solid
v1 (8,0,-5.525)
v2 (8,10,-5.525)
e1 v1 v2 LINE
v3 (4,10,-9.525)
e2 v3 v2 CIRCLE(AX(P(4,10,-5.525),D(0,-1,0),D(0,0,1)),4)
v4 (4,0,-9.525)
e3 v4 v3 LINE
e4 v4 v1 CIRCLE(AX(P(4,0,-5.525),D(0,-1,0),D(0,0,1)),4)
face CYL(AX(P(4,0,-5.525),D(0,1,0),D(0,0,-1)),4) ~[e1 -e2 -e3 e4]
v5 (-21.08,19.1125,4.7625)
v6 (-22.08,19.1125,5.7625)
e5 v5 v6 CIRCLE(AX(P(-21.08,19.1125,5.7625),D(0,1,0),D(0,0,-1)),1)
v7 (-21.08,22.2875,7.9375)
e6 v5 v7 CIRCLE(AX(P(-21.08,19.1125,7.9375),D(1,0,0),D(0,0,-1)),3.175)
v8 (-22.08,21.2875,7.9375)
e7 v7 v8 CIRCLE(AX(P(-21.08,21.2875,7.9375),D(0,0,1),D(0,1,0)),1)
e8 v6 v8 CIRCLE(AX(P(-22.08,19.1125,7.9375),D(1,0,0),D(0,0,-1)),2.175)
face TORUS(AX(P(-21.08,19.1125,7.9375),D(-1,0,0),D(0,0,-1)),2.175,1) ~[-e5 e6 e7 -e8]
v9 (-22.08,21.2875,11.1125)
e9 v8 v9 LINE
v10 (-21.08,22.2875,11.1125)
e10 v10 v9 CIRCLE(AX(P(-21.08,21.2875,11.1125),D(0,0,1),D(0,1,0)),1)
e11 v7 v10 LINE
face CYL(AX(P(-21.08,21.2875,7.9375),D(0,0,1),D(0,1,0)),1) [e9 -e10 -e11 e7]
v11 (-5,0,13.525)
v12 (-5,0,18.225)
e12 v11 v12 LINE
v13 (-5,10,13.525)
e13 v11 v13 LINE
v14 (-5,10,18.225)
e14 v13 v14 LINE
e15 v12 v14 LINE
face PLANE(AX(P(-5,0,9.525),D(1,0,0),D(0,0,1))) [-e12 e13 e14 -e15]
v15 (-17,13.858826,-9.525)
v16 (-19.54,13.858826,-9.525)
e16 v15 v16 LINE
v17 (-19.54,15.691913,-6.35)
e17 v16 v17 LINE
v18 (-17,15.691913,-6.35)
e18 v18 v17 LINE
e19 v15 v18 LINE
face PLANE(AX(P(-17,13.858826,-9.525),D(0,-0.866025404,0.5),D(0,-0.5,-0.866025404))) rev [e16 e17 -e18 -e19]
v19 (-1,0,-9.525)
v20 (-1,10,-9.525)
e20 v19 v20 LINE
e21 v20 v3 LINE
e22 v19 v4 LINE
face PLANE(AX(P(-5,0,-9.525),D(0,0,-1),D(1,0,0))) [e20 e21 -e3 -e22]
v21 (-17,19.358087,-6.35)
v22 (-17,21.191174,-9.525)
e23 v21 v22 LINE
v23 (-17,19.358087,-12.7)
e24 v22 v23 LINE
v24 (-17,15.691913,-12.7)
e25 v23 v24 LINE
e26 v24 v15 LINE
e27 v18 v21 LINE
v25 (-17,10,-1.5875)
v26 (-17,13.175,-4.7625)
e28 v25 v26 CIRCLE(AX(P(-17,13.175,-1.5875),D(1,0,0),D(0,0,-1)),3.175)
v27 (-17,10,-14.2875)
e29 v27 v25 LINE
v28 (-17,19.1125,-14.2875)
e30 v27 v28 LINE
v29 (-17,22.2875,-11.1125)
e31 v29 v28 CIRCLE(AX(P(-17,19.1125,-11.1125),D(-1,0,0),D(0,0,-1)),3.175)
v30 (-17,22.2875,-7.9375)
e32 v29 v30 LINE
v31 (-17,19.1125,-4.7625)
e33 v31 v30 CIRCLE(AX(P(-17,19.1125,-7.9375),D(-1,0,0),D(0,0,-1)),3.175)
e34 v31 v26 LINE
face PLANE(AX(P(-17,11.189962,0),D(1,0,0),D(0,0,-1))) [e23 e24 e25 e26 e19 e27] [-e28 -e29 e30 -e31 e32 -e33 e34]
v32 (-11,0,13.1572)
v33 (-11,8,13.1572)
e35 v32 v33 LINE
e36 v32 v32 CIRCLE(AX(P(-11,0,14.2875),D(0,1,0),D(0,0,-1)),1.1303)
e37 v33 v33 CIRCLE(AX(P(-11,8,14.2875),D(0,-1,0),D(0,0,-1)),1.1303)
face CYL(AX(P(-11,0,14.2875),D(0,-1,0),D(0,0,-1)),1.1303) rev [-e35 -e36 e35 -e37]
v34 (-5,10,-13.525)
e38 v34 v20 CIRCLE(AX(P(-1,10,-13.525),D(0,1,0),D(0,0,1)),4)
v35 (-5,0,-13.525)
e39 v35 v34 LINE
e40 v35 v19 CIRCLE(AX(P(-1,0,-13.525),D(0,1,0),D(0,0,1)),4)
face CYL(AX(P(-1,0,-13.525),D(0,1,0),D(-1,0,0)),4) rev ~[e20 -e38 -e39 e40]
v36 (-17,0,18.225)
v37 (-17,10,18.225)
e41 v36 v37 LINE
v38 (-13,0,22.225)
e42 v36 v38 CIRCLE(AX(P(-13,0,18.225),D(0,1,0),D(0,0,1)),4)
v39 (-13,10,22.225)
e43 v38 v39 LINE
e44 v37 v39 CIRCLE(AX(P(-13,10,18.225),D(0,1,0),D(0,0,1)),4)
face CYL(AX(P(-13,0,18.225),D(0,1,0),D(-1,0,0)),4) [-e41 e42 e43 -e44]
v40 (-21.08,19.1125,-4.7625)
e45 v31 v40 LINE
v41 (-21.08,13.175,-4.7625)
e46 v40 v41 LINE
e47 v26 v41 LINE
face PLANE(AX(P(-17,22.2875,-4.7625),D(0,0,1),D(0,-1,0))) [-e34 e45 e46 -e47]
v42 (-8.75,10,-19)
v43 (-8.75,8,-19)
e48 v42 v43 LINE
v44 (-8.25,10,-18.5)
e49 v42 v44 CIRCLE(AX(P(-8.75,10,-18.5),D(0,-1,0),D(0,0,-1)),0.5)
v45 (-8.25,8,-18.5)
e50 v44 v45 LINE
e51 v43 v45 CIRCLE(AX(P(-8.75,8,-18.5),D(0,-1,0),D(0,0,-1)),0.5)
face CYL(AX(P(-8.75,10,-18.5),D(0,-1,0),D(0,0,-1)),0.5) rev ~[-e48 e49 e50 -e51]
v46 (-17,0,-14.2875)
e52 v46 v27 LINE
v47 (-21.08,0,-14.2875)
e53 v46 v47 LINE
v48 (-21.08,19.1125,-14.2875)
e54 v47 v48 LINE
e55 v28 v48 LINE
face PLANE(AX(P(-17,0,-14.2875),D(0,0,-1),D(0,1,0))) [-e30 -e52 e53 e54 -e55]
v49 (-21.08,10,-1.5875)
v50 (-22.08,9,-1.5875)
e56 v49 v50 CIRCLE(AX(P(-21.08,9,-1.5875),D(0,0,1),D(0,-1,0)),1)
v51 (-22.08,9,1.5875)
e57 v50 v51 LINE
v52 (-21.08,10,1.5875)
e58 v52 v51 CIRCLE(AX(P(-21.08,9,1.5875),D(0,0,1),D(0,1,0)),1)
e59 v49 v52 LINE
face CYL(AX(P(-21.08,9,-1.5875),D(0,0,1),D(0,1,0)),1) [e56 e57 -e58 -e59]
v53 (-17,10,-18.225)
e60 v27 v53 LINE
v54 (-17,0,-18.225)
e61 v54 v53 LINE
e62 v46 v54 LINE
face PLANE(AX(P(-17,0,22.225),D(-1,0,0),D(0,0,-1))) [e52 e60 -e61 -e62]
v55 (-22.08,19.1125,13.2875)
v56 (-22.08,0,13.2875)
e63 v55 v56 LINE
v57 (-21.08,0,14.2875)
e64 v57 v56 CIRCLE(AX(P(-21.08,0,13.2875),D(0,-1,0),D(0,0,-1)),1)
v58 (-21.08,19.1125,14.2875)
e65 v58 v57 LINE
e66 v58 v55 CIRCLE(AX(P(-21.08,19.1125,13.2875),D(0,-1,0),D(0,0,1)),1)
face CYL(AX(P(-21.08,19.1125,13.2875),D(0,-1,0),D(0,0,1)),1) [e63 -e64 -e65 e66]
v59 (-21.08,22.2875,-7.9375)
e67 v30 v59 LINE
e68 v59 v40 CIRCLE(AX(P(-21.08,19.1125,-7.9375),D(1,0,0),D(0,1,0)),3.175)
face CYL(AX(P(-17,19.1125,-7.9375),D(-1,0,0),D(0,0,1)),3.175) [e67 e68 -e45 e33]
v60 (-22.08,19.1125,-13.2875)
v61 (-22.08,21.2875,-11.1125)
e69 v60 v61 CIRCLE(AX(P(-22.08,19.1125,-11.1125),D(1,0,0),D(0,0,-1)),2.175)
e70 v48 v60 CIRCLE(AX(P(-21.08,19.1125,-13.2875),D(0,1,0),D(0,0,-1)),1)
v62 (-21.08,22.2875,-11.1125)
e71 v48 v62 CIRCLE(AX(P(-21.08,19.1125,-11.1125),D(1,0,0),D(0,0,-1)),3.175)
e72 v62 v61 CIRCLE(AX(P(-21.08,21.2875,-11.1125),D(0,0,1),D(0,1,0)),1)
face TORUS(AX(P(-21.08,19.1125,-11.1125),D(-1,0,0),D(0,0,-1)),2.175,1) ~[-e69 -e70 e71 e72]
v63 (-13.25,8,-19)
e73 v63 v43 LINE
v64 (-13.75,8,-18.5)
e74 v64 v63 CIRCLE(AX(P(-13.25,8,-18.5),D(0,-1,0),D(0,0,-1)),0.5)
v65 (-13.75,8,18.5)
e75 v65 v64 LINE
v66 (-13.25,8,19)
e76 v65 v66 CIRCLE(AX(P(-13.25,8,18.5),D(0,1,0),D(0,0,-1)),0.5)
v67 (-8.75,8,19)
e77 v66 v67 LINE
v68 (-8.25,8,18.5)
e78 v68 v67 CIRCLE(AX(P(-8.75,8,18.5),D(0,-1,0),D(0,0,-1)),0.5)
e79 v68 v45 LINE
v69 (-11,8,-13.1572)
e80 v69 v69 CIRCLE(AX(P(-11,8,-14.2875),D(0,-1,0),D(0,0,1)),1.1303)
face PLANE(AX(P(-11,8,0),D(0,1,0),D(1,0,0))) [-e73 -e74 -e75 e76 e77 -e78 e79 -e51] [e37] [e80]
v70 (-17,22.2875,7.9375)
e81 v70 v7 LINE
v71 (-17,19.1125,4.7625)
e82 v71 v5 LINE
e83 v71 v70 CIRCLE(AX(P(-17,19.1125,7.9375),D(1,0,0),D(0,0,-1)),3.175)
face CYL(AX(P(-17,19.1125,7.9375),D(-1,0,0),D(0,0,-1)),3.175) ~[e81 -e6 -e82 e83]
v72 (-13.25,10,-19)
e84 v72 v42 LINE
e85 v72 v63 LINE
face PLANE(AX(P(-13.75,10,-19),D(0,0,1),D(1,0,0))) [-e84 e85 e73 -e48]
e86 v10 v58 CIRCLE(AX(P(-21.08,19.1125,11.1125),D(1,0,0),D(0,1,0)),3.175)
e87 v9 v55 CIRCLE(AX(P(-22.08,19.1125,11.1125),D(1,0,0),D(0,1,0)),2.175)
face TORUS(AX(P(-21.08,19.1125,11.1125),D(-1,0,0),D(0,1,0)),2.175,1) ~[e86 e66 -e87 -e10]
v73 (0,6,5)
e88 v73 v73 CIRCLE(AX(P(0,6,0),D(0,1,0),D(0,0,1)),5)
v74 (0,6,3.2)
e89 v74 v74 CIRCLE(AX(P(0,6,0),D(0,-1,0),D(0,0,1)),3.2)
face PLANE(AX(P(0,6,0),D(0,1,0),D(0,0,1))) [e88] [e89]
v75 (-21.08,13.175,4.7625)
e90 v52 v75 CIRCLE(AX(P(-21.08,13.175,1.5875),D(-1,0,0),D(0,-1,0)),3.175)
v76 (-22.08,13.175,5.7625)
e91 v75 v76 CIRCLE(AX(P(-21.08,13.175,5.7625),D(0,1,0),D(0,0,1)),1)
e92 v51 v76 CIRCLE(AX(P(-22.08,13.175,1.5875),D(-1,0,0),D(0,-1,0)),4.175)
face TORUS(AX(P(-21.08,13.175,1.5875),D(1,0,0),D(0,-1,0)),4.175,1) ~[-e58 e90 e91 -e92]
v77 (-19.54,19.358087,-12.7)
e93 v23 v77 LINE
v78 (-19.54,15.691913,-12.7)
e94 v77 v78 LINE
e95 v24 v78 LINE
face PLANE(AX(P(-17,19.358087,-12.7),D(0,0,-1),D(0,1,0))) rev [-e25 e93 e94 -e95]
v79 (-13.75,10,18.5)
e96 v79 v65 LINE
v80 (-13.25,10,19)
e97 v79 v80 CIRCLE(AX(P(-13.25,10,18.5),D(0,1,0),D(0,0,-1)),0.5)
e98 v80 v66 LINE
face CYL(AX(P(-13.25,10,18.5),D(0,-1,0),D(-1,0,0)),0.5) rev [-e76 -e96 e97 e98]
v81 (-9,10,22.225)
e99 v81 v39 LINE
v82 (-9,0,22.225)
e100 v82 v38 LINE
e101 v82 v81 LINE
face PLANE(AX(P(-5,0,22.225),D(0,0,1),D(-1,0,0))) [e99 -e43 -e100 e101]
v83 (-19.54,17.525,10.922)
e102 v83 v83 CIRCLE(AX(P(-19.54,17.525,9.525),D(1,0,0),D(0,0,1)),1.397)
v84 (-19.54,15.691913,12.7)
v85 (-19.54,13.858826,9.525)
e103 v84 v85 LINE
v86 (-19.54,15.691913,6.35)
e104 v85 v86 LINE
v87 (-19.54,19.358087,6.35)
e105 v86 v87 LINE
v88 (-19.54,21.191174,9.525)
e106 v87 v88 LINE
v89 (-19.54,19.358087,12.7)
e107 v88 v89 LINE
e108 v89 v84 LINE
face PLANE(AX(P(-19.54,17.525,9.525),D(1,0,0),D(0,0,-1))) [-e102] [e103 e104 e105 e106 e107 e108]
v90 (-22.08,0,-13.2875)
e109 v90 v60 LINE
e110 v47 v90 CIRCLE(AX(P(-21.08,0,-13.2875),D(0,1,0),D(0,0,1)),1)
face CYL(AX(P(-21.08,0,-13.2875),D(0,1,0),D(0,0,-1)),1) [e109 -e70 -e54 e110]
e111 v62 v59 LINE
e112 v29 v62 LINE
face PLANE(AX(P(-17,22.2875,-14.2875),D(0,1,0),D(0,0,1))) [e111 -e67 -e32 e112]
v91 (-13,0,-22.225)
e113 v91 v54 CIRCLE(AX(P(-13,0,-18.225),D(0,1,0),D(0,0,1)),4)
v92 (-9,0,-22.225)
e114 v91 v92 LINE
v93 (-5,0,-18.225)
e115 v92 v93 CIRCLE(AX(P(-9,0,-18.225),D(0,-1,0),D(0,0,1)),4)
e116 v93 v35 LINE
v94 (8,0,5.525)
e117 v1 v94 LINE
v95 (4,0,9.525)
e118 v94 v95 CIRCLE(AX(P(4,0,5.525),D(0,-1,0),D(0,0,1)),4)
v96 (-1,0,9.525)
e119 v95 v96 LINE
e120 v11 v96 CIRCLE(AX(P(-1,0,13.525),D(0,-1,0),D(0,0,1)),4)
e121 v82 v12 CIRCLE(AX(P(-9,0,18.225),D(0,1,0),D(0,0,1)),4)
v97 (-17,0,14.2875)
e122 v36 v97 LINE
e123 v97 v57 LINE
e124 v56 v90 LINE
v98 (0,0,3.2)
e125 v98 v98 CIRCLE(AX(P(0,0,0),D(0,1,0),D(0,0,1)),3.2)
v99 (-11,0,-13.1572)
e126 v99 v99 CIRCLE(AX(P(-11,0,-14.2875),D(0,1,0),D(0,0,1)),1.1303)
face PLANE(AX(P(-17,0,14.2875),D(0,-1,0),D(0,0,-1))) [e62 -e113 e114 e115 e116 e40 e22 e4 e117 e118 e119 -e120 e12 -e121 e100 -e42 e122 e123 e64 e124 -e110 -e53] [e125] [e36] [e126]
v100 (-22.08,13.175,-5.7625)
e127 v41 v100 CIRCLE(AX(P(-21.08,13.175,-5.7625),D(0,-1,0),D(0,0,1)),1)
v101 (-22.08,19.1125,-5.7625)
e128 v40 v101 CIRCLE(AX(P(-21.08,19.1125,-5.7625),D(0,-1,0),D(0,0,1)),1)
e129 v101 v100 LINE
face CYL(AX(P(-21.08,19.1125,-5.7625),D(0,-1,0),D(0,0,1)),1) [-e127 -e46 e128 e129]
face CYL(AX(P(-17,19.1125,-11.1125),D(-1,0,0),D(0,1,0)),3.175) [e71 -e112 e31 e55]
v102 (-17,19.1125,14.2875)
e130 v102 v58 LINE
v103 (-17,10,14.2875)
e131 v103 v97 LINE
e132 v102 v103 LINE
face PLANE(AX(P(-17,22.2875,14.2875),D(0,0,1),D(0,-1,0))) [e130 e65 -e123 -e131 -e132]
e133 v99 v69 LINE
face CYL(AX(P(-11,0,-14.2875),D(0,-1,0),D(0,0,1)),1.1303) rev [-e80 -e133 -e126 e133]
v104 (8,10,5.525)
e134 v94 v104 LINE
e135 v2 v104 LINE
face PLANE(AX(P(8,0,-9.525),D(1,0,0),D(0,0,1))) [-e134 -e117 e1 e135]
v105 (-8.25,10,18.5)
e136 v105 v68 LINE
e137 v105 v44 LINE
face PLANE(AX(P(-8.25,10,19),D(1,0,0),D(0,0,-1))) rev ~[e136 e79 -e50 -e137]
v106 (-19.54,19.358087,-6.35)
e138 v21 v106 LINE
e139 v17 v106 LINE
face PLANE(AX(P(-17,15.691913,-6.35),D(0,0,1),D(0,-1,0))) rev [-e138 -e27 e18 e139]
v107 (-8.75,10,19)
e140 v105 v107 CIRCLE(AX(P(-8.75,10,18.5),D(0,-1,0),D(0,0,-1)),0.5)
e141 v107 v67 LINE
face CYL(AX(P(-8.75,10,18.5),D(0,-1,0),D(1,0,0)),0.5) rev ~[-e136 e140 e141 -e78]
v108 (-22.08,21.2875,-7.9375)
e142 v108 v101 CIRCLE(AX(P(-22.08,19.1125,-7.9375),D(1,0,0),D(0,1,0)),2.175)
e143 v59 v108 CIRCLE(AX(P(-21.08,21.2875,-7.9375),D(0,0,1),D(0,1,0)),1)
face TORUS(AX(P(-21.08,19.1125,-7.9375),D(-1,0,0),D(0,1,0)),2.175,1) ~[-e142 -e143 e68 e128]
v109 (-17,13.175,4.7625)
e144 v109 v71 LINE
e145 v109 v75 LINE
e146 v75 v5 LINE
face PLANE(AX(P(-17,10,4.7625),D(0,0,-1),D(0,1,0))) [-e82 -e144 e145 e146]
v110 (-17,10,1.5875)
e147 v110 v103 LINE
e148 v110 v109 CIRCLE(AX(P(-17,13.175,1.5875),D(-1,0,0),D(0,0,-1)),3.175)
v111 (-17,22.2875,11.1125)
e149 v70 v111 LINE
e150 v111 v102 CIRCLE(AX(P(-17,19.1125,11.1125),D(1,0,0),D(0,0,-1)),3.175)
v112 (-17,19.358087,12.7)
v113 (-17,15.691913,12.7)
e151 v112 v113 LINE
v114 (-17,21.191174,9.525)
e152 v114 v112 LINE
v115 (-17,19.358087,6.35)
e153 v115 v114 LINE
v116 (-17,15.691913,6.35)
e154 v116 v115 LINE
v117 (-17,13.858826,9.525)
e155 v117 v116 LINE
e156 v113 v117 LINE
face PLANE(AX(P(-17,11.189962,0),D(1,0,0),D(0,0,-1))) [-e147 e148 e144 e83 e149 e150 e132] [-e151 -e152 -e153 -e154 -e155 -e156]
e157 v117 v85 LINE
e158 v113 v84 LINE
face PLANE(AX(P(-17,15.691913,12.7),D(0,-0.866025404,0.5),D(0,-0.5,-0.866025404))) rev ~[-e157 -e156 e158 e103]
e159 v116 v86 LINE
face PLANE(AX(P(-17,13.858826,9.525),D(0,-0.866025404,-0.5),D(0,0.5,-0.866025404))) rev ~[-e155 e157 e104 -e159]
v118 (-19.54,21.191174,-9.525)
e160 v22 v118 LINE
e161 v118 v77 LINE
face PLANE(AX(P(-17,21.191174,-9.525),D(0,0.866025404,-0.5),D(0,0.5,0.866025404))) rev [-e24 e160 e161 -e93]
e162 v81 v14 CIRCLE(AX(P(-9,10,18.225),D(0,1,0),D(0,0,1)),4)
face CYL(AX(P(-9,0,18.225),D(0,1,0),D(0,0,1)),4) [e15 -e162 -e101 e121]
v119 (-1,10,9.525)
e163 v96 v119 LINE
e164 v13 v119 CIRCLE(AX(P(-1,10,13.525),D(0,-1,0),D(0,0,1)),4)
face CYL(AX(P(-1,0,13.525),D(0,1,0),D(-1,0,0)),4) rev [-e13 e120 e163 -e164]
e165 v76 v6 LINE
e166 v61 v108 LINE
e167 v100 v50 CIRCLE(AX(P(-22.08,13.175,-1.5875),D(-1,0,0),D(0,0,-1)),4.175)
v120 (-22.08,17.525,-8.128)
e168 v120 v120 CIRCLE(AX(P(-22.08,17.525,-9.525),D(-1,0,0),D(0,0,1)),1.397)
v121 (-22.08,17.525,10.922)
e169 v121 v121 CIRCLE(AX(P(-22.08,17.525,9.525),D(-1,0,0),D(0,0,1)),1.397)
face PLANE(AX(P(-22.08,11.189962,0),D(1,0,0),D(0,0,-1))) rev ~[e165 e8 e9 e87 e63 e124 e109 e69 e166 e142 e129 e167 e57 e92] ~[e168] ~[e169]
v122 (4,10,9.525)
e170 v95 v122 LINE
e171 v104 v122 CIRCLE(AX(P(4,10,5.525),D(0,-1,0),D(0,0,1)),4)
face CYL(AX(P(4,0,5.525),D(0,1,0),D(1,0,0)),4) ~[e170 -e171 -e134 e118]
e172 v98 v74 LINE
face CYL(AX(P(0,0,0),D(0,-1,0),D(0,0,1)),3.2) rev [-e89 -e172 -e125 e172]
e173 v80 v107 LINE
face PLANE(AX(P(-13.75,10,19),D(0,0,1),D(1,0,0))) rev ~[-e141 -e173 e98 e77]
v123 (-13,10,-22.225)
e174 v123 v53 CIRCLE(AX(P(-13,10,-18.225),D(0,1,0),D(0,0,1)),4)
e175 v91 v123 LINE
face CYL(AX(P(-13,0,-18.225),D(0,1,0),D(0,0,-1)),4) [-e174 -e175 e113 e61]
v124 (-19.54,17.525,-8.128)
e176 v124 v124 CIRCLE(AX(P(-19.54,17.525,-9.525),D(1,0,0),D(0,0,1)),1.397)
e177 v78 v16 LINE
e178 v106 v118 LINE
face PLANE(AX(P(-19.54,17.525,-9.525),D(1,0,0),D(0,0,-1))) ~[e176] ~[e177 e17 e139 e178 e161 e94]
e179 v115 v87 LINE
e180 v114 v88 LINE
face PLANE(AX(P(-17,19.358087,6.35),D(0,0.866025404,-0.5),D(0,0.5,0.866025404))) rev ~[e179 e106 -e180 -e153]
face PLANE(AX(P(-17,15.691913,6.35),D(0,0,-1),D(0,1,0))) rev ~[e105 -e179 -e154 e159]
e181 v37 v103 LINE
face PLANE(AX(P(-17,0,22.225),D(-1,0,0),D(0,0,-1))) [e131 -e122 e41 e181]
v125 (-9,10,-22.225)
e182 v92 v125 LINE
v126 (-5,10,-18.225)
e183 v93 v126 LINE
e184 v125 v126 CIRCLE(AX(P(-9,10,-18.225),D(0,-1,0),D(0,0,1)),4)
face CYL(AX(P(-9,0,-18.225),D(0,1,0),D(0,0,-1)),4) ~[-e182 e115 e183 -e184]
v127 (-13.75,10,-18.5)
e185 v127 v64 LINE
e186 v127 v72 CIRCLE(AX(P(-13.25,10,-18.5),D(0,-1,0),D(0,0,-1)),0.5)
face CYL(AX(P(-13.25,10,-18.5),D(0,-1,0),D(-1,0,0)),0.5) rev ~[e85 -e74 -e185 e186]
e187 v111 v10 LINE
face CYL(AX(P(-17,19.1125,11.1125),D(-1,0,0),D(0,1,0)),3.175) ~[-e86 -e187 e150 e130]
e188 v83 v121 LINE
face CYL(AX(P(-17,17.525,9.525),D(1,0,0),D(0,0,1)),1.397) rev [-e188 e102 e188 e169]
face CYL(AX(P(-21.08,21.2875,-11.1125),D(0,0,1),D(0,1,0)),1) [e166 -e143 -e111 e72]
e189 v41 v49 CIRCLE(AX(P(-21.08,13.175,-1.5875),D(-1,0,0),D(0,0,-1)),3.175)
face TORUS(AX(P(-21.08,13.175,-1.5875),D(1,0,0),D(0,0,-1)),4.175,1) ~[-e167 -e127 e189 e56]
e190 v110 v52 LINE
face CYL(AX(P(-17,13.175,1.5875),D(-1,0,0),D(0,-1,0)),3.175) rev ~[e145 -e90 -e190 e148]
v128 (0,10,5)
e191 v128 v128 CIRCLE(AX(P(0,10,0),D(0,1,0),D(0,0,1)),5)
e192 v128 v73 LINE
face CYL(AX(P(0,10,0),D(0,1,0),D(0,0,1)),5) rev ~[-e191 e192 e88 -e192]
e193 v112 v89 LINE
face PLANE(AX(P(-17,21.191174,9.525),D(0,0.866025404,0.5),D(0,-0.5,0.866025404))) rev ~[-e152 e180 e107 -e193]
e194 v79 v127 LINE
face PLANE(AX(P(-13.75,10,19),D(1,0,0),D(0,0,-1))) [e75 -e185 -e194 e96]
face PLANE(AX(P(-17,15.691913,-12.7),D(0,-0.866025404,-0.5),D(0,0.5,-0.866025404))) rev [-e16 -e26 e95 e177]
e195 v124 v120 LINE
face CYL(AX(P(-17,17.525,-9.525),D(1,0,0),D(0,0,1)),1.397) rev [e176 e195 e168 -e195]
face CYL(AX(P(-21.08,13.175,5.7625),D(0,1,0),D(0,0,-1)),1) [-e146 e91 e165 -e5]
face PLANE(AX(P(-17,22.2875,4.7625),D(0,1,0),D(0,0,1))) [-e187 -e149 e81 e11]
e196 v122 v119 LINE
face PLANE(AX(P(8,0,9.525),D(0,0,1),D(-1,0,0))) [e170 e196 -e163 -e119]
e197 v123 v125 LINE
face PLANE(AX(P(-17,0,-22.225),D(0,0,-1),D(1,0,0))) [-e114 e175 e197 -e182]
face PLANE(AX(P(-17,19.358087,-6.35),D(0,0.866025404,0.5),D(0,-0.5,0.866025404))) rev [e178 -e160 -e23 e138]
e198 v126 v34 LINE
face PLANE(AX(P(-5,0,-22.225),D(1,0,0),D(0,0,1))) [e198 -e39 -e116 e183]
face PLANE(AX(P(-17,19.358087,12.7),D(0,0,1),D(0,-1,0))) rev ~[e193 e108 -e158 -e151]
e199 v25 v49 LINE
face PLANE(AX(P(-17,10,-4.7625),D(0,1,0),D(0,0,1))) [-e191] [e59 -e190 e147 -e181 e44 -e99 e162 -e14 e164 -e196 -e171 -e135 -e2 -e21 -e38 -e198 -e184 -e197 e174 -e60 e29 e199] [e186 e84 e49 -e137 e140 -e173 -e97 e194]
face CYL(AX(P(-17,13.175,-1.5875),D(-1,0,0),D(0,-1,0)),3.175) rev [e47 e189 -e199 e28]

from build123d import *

# Parameters (mm, degrees)
SKETCH1_R           = 3.2
SKETCH1_R_2         = 1.1303
BOSS_EXTRUDE1_DEPTH = 10
SKETCH2_W           = 5.5
SKETCH2_H           = 38
CUT_EXTRUDE1_DEPTH  = 2
FILLET3_R           = 0.5
SKETCH5_R           = 5
CUT_EXTRUDE2_DEPTH  = 4
FILLET1_R           = 4
SKETCH4_R           = 1.397
BOSS_EXTRUDE2_DEPTH = 5.08
CUT_EXTRUDE3_DEPTH  = 2.54
FILLET5_R           = 3.175
FILLET4_R           = 1


with BuildPart() as part:
    # Sketch1 → Boss-Extrude1 (new body)
    with BuildSketch(Plane(origin=(0, 0, 0), x_dir=(1, 0, 0), z_dir=(0, 1, 0))):
        Polygon((-17, 22.225), (-5, 22.225), (-5, 9.525), (8, 9.525), (8, -9.525), (-5, -9.525), (-5, -22.225), (-17, -22.225), align=None)
        with Locations(Location((0, 0, 0), (0, 0, 270))):
            Circle(SKETCH1_R, mode=Mode.SUBTRACT)
        with Locations(Location((-11, 14.2875, 0), (0, 0, 270))):
            Circle(SKETCH1_R_2, mode=Mode.SUBTRACT)
        with Locations(Location((-11, -14.2875, 0), (0, 0, 90))):
            Circle(SKETCH1_R_2, mode=Mode.SUBTRACT)
    extrude(amount=BOSS_EXTRUDE1_DEPTH)

    # Sketch2 → Cut-Extrude1 (cut)
    with BuildSketch(Plane(origin=(0, 10, 0), x_dir=(1, 0, 0), z_dir=(0, 1, 0))):
        with Locations((-11, 0)):
            Rectangle(SKETCH2_W, SKETCH2_H)
    extrude(amount=-CUT_EXTRUDE1_DEPTH, mode=Mode.SUBTRACT)

    # Fillet3
    fillet3_edges = [part.edges().sort_by_distance(p)[0] for p in [
        (-13.75, 9, 19),
        (-13.75, 9, -19),
        (-8.25, 9, -19),
        (-8.25, 9, 19),
    ]]
    fillet(fillet3_edges, radius=FILLET3_R)

    # Sketch5 → Cut-Extrude2 (cut)
    with BuildSketch(Plane(origin=(0, 10, 0), x_dir=(1, 0, 0), z_dir=(0, 1, 0))):
        with Locations(Location((0, 0, 0), (0, 0, 270))):
            Circle(SKETCH5_R)
    extrude(amount=-CUT_EXTRUDE2_DEPTH, mode=Mode.SUBTRACT)

    # Fillet1
    fillet1_edges = [part.edges().sort_by_distance(p)[0] for p in [
        (-17, 5, 22.225),
        (-17, 5, -22.225),
        (-5, 5, -22.225),
        (-5, 5, -9.525),
        (8, 5, -9.525),
        (8, 5, 9.525),
        (-5, 5, 9.525),
        (-5, 5, 22.225),
    ]]
    fillet(fillet1_edges, radius=FILLET1_R)

    # Sketch4 → Boss-Extrude2 (add)
    with BuildSketch(Plane.ZY.offset(17)):
        Polygon((-4.7625, 10), (4.7625, 10), (4.7625, 22.2875), (14.2875, 22.2875), (14.2875, 0), (-14.2875, 0), (-14.2875, 22.2875), (-4.7625, 22.2875), align=None)
        with Locations((-9.525, 17.525)):
            Circle(SKETCH4_R, mode=Mode.SUBTRACT)
        with Locations((9.525, 17.525)):
            Circle(SKETCH4_R, mode=Mode.SUBTRACT)
    extrude(amount=BOSS_EXTRUDE2_DEPTH)

    # Sketch6 → Cut-Extrude3 (cut)
    with BuildSketch(Plane(origin=(-17, 0, 0), x_dir=(0, 0, -1), z_dir=(1, 0, 0))):
        Polygon((-6.35, 15.691912895), (-6.35, 19.358087105), (-9.525, 21.191174209), (-12.7, 19.358087105), (-12.7, 15.691912895), (-9.525, 13.858825791), align=None)
    cut_extrude3 = extrude(amount=-CUT_EXTRUDE3_DEPTH, mode=Mode.SUBTRACT)

    # Mirror1: Cut-Extrude3 across plane
    add(cut_extrude3.mirror(Plane.XY), mode=Mode.SUBTRACT)

    # Fillet5
    fillet5_edges = [part.edges().sort_by_distance(p)[0] for p in [
        (-19.54, 22.2875, 14.2875),
        (-19.54, 22.2875, 4.7625),
        (-19.54, 10, 4.7625),
        (-19.54, 10, -4.7625),
        (-19.54, 22.2875, -4.7625),
        (-19.54, 22.2875, -14.2875),
    ]]
    fillet(fillet5_edges, radius=FILLET5_R)

    # Fillet4
    fillet4_edges = [part.edges().sort_by_distance(p)[0] for p in [
        (-22.08, 9.55625, 14.2875),
        (-22.08, 10, 0),
        (-22.08, 16.14375, 4.7625),
        (-22.08, 16.14375, -4.7625),
        (-22.08, 22.2875, 9.525),
        (-22.08, 22.2875, -9.525),
        (-22.08, 9.55625, -14.2875),
        (-22.08, 21.35756403, -13.35756403),
        (-22.08, 21.35756403, -5.69243597),
        (-22.08, 21.35756403, 5.69243597),
        (-22.08, 21.35756403, 13.35756403),
        (-22.08, 10.92993597, 3.83256403),
        (-22.08, 10.92993597, -3.83256403),
    ]]
    fillet(fillet4_edges, radius=FILLET4_R)


solid = part.part
